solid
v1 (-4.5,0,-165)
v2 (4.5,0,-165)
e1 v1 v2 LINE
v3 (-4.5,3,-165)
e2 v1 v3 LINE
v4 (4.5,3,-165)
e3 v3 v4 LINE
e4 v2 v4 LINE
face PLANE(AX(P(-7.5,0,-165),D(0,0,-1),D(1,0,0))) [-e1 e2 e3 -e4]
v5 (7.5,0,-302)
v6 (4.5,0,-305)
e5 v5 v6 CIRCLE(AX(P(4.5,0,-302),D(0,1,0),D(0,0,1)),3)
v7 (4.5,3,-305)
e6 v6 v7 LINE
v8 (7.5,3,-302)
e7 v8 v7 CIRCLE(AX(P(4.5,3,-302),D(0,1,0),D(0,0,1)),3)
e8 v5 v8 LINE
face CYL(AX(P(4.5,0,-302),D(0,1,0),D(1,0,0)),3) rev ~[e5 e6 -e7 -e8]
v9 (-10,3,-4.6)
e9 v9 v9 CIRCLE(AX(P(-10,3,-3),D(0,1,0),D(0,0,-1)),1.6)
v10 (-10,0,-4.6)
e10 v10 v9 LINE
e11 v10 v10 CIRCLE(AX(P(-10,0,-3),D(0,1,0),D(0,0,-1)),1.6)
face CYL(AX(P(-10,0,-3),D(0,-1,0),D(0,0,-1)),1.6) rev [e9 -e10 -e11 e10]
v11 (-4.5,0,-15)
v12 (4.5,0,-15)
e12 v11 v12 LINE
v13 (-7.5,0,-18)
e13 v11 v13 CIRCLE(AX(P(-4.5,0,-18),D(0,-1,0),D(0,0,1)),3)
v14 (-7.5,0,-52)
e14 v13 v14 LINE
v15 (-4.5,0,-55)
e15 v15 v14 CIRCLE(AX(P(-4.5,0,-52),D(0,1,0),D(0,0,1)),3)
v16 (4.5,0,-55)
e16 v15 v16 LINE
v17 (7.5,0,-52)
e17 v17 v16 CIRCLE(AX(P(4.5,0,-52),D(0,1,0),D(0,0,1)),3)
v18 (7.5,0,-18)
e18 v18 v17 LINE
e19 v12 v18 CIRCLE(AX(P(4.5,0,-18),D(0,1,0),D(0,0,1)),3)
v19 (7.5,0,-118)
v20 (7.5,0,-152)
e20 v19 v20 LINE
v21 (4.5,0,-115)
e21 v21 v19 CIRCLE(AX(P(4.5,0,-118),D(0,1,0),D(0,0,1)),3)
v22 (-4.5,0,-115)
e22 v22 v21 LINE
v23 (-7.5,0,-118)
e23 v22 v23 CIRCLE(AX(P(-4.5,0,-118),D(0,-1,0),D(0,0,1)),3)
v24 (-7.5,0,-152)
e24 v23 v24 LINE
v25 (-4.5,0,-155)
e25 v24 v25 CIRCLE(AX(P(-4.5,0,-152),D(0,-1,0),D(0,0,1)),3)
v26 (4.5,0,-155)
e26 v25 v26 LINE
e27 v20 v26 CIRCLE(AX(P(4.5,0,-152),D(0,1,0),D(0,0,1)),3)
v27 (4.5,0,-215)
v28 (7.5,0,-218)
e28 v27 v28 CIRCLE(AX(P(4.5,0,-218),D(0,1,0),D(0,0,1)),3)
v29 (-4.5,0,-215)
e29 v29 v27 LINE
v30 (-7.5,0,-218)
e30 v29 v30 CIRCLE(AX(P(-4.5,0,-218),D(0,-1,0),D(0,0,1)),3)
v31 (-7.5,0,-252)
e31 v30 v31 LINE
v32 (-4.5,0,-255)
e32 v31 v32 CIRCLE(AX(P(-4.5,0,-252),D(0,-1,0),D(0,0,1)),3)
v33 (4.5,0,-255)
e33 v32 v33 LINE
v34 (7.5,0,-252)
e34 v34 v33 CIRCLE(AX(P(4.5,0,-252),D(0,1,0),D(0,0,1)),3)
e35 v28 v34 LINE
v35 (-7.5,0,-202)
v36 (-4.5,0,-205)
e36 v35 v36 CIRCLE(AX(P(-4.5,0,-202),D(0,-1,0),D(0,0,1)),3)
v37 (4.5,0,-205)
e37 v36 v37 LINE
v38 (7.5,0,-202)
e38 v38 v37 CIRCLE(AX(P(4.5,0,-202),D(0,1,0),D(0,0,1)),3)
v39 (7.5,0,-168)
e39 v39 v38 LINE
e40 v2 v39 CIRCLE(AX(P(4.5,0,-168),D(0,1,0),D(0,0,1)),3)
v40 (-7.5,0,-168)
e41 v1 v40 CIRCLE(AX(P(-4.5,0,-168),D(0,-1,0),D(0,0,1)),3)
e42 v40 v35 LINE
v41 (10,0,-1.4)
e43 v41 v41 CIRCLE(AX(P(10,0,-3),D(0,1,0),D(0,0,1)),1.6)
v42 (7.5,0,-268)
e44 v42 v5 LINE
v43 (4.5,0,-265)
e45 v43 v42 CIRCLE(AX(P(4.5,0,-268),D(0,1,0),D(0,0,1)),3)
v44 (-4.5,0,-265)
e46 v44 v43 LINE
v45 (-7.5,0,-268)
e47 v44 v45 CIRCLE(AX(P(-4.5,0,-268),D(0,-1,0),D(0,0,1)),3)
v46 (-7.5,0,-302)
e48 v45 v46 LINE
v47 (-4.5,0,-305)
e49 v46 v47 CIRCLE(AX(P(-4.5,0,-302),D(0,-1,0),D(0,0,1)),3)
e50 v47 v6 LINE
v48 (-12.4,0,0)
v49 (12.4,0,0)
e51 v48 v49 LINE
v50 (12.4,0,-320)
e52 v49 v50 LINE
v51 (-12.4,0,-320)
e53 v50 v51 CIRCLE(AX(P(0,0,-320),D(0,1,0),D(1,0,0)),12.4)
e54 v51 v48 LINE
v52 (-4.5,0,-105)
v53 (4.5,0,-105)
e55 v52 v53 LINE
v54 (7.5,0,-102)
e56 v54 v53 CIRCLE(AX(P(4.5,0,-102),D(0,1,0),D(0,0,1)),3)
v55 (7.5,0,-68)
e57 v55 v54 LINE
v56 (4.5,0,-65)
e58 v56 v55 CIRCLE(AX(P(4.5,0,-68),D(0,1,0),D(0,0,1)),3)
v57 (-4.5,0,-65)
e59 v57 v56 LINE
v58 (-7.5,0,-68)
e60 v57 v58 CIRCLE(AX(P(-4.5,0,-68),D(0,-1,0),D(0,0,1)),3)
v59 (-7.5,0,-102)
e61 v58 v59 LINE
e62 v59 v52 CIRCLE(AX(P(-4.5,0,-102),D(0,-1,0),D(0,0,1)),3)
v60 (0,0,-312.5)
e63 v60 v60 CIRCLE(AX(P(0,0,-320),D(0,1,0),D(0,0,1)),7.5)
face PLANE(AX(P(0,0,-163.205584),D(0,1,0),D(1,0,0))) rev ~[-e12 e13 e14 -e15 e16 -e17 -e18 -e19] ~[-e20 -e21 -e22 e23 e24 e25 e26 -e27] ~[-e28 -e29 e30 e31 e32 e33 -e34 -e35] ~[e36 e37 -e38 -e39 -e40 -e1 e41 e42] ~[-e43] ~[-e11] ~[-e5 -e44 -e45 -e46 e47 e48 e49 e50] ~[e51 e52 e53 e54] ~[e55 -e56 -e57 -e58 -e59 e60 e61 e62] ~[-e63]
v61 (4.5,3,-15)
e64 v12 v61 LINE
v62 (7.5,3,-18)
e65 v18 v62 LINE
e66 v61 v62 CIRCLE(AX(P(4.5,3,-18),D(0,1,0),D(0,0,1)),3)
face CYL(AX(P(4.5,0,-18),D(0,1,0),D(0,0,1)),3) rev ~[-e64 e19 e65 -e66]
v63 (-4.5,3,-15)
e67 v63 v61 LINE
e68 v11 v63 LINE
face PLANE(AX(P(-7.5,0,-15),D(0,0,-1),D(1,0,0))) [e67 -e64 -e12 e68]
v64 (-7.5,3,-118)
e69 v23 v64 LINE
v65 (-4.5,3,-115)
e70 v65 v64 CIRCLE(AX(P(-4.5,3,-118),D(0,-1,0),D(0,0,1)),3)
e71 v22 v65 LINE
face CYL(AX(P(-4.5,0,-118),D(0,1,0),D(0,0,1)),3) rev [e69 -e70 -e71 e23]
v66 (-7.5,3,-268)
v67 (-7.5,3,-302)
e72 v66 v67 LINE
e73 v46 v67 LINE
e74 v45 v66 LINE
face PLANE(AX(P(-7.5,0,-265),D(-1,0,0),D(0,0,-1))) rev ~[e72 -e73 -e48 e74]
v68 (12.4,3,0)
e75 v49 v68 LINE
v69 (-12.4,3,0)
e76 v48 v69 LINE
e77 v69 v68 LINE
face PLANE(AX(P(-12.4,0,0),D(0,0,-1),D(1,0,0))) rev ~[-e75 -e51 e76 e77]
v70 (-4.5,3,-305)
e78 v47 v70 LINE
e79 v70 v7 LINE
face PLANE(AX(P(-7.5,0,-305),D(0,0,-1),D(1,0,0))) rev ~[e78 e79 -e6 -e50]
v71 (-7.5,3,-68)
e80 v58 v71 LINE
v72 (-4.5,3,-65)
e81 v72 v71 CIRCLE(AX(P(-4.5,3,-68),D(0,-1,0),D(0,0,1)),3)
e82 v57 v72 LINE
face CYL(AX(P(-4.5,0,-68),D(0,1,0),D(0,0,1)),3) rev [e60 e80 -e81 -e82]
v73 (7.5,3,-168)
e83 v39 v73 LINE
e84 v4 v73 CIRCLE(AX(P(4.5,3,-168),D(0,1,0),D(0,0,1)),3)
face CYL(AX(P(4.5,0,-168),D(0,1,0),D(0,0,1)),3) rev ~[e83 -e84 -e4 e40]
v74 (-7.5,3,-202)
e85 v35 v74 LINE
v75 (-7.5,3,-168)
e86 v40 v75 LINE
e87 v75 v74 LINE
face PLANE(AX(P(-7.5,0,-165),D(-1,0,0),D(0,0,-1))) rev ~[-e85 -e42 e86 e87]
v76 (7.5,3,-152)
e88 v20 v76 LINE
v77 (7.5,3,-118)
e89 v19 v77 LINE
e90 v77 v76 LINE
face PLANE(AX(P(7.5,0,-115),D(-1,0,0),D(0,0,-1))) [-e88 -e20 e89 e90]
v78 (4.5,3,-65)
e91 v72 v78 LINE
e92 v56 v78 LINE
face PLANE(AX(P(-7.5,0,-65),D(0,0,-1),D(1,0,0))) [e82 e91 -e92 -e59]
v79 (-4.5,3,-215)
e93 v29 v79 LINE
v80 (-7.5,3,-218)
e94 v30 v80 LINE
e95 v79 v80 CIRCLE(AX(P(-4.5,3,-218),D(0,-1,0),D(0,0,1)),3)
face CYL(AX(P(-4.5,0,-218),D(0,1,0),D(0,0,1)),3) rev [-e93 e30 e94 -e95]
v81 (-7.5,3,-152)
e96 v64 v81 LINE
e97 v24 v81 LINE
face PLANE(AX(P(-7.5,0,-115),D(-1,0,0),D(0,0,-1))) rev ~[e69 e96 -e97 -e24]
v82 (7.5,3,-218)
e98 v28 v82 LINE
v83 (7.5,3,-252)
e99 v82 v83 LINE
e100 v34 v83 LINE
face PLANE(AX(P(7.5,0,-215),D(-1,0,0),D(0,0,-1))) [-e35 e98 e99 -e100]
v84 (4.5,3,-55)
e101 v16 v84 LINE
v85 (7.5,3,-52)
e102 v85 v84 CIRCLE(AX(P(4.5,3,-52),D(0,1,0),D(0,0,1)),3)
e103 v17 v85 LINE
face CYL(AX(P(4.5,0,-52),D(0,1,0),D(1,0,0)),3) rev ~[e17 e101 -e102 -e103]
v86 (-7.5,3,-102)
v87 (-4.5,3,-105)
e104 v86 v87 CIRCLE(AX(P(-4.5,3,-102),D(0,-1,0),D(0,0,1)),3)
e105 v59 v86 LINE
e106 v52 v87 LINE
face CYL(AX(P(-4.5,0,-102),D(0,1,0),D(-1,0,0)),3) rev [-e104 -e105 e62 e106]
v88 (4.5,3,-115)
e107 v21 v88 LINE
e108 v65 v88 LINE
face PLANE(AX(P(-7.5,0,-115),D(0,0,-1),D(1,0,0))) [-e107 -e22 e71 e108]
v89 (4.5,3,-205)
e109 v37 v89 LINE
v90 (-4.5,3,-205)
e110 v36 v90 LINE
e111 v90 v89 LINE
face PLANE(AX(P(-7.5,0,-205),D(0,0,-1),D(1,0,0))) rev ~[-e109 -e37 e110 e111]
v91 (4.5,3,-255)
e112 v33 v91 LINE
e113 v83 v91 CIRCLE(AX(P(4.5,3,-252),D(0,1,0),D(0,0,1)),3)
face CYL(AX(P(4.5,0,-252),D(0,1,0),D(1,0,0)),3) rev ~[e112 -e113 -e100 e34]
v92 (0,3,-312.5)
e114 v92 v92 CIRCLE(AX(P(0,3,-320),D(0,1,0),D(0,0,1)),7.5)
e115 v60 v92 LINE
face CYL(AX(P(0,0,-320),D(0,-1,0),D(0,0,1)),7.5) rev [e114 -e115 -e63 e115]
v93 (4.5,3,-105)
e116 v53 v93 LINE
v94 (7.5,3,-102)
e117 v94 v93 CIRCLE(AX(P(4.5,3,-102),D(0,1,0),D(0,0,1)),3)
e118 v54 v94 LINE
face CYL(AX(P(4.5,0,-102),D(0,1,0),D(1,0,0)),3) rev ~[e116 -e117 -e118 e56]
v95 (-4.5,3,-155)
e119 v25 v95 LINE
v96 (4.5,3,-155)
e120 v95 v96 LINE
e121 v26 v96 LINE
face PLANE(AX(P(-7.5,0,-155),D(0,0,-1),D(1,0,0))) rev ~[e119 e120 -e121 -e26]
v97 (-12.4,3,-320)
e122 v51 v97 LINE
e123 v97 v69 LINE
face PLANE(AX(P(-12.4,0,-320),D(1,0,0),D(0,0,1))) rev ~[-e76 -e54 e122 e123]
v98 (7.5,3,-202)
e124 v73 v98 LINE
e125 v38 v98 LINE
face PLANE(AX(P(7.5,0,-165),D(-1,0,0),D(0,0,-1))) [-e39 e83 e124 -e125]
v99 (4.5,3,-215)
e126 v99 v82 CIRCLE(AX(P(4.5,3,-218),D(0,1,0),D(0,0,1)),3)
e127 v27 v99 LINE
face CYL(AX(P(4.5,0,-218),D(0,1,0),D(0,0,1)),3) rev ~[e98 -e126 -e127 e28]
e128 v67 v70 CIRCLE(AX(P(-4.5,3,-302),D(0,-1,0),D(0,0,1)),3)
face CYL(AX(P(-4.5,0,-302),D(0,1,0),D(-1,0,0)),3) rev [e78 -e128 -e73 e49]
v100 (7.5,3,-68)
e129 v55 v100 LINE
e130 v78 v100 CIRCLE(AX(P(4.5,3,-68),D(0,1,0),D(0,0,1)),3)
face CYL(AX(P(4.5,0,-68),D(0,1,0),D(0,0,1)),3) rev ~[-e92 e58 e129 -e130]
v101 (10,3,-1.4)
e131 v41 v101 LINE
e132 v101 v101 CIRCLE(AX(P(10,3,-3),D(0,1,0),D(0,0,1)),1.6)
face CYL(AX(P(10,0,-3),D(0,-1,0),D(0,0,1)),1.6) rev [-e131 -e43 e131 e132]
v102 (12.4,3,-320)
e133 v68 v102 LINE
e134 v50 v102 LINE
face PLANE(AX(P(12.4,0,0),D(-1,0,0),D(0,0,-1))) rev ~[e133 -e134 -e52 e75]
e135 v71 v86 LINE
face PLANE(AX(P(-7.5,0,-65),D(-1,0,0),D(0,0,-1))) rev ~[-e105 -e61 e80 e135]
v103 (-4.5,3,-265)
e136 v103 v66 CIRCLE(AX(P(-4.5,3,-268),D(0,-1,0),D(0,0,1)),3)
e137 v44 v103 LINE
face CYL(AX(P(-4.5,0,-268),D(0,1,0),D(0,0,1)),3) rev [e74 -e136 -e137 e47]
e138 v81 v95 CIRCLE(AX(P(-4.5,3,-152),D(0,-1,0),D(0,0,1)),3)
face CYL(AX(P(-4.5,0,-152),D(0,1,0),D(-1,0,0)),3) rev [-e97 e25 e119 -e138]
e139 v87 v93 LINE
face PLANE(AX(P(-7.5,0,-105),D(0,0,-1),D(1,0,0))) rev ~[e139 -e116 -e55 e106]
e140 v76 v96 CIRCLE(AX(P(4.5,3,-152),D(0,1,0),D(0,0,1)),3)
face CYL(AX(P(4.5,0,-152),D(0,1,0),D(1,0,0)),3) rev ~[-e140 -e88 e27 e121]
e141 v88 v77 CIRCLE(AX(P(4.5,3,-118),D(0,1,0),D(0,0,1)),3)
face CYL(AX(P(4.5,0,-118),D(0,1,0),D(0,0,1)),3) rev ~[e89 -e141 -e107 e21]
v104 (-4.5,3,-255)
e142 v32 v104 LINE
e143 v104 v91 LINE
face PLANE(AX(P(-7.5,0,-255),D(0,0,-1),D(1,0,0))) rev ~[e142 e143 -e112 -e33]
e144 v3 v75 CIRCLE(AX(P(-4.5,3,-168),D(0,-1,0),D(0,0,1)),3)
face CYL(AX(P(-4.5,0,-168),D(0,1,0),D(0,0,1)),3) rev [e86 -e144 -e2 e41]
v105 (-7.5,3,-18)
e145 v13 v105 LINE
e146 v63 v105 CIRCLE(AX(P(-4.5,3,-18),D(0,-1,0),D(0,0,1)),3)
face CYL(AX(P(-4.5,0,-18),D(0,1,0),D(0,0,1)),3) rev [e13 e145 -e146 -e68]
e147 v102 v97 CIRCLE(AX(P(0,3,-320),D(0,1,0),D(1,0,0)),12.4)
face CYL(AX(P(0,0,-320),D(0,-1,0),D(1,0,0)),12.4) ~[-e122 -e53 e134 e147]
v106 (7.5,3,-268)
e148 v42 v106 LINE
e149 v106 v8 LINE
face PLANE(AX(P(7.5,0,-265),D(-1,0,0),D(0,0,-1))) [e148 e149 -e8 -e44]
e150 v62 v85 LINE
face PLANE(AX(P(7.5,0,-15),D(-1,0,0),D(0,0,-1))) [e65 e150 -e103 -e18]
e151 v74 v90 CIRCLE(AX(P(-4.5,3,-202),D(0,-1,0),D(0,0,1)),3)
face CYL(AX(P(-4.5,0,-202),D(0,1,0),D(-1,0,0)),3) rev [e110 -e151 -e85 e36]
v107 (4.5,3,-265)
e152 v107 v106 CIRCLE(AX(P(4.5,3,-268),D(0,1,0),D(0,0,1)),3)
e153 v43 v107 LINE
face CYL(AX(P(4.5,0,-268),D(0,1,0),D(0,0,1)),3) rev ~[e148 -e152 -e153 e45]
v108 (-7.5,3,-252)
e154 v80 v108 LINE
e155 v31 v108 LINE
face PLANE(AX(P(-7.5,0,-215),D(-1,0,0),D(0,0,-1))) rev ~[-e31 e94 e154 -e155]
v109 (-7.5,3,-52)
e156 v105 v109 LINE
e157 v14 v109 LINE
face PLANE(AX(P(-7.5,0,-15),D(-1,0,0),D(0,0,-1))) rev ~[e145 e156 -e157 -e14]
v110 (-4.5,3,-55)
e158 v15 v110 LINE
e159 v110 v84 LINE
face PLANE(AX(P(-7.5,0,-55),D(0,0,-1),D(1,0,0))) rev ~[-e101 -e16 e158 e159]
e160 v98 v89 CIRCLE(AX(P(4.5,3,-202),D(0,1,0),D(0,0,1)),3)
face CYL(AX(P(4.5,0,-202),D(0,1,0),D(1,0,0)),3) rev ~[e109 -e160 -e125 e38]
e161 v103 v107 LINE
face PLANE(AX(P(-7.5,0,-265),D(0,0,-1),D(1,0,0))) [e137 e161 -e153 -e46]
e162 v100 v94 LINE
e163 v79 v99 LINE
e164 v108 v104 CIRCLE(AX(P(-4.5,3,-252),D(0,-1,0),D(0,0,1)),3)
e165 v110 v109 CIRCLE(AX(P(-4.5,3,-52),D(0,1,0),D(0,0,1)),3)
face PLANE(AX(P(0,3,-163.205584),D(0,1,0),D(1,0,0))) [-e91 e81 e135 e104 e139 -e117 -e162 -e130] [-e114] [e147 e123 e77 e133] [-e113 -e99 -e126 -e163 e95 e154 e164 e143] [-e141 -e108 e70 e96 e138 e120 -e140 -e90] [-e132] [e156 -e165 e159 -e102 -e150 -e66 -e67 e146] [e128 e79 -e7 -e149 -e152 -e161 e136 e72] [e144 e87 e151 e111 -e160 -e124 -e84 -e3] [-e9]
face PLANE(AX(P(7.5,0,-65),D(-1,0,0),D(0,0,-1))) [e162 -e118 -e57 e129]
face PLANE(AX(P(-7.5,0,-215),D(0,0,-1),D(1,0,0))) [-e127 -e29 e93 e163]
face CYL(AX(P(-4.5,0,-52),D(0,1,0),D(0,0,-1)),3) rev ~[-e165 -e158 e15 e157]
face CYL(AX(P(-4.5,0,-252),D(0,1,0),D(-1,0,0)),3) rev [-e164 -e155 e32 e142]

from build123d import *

# Parameters (mm, degrees)
SKETCH_1_R      = 7.5
SKETCH_1_R_2    = 1.6
SKETCH_1_W      = 15
SKETCH_1_H      = 40
EXTRUDE_1_DEPTH = 3
FILLET_1_R      = 3


with BuildPart() as part:
    # 草图1 → 凸台-拉伸1 (new body)
    with BuildSketch(Plane(origin=(0, 0, 0), x_dir=(1, 0, 0), z_dir=(0, 1, 0))):
        with BuildLine():
            Line((-12.4, 320), (-12.4, 0))
            Line((-12.4, 0), (12.4, 0))
            Line((12.4, 0), (12.4, 320))
            ThreePointArc((12.4, 320), (0, 332.4), (-12.4, 320))
        make_face()
        with Locations(Location((0, 320, 0), (0, 0, 270))):
            Circle(SKETCH_1_R, mode=Mode.SUBTRACT)
        with Locations(Location((10, 3, 0), (0, 0, 270))):
            Circle(SKETCH_1_R_2, mode=Mode.SUBTRACT)
        with Locations(Location((-10, 3, 0), (0, 0, 90))):
            Circle(SKETCH_1_R_2, mode=Mode.SUBTRACT)
        with Locations((0, 235)):
            Rectangle(SKETCH_1_W, SKETCH_1_H, mode=Mode.SUBTRACT)
        with Locations((0, 285)):
            Rectangle(SKETCH_1_W, SKETCH_1_H, mode=Mode.SUBTRACT)
        with Locations((0, 185)):
            Rectangle(SKETCH_1_W, SKETCH_1_H, mode=Mode.SUBTRACT)
        with Locations((0, 135)):
            Rectangle(SKETCH_1_W, SKETCH_1_H, mode=Mode.SUBTRACT)
        with Locations((0, 85)):
            Rectangle(SKETCH_1_W, SKETCH_1_H, mode=Mode.SUBTRACT)
        with Locations((0, 35)):
            Rectangle(SKETCH_1_W, SKETCH_1_H, mode=Mode.SUBTRACT)
    extrude(amount=EXTRUDE_1_DEPTH)

    # 圆角1
    fillet_1_edges = [part.edges().sort_by_distance(p)[0] for p in [
        (7.5, 1.5, -265),
        (7.5, 1.5, -305),
        (-7.5, 1.5, -305),
        (-7.5, 1.5, -265),
        (-7.5, 1.5, -215),
        (7.5, 1.5, -215),
        (7.5, 1.5, -255),
        (-7.5, 1.5, -255),
        (-7.5, 1.5, -165),
        (7.5, 1.5, -165),
        (7.5, 1.5, -205),
        (-7.5, 1.5, -205),
        (-7.5, 1.5, -115),
        (7.5, 1.5, -115),
        (7.5, 1.5, -155),
        (-7.5, 1.5, -155),
        (-7.5, 1.5, -65),
        (7.5, 1.5, -65),
        (7.5, 1.5, -105),
        (-7.5, 1.5, -105),
        (-7.5, 1.5, -15),
        (7.5, 1.5, -15),
        (7.5, 1.5, -55),
        (-7.5, 1.5, -55),
    ]]
    fillet(fillet_1_edges, radius=FILLET_1_R)


solid = part.part
